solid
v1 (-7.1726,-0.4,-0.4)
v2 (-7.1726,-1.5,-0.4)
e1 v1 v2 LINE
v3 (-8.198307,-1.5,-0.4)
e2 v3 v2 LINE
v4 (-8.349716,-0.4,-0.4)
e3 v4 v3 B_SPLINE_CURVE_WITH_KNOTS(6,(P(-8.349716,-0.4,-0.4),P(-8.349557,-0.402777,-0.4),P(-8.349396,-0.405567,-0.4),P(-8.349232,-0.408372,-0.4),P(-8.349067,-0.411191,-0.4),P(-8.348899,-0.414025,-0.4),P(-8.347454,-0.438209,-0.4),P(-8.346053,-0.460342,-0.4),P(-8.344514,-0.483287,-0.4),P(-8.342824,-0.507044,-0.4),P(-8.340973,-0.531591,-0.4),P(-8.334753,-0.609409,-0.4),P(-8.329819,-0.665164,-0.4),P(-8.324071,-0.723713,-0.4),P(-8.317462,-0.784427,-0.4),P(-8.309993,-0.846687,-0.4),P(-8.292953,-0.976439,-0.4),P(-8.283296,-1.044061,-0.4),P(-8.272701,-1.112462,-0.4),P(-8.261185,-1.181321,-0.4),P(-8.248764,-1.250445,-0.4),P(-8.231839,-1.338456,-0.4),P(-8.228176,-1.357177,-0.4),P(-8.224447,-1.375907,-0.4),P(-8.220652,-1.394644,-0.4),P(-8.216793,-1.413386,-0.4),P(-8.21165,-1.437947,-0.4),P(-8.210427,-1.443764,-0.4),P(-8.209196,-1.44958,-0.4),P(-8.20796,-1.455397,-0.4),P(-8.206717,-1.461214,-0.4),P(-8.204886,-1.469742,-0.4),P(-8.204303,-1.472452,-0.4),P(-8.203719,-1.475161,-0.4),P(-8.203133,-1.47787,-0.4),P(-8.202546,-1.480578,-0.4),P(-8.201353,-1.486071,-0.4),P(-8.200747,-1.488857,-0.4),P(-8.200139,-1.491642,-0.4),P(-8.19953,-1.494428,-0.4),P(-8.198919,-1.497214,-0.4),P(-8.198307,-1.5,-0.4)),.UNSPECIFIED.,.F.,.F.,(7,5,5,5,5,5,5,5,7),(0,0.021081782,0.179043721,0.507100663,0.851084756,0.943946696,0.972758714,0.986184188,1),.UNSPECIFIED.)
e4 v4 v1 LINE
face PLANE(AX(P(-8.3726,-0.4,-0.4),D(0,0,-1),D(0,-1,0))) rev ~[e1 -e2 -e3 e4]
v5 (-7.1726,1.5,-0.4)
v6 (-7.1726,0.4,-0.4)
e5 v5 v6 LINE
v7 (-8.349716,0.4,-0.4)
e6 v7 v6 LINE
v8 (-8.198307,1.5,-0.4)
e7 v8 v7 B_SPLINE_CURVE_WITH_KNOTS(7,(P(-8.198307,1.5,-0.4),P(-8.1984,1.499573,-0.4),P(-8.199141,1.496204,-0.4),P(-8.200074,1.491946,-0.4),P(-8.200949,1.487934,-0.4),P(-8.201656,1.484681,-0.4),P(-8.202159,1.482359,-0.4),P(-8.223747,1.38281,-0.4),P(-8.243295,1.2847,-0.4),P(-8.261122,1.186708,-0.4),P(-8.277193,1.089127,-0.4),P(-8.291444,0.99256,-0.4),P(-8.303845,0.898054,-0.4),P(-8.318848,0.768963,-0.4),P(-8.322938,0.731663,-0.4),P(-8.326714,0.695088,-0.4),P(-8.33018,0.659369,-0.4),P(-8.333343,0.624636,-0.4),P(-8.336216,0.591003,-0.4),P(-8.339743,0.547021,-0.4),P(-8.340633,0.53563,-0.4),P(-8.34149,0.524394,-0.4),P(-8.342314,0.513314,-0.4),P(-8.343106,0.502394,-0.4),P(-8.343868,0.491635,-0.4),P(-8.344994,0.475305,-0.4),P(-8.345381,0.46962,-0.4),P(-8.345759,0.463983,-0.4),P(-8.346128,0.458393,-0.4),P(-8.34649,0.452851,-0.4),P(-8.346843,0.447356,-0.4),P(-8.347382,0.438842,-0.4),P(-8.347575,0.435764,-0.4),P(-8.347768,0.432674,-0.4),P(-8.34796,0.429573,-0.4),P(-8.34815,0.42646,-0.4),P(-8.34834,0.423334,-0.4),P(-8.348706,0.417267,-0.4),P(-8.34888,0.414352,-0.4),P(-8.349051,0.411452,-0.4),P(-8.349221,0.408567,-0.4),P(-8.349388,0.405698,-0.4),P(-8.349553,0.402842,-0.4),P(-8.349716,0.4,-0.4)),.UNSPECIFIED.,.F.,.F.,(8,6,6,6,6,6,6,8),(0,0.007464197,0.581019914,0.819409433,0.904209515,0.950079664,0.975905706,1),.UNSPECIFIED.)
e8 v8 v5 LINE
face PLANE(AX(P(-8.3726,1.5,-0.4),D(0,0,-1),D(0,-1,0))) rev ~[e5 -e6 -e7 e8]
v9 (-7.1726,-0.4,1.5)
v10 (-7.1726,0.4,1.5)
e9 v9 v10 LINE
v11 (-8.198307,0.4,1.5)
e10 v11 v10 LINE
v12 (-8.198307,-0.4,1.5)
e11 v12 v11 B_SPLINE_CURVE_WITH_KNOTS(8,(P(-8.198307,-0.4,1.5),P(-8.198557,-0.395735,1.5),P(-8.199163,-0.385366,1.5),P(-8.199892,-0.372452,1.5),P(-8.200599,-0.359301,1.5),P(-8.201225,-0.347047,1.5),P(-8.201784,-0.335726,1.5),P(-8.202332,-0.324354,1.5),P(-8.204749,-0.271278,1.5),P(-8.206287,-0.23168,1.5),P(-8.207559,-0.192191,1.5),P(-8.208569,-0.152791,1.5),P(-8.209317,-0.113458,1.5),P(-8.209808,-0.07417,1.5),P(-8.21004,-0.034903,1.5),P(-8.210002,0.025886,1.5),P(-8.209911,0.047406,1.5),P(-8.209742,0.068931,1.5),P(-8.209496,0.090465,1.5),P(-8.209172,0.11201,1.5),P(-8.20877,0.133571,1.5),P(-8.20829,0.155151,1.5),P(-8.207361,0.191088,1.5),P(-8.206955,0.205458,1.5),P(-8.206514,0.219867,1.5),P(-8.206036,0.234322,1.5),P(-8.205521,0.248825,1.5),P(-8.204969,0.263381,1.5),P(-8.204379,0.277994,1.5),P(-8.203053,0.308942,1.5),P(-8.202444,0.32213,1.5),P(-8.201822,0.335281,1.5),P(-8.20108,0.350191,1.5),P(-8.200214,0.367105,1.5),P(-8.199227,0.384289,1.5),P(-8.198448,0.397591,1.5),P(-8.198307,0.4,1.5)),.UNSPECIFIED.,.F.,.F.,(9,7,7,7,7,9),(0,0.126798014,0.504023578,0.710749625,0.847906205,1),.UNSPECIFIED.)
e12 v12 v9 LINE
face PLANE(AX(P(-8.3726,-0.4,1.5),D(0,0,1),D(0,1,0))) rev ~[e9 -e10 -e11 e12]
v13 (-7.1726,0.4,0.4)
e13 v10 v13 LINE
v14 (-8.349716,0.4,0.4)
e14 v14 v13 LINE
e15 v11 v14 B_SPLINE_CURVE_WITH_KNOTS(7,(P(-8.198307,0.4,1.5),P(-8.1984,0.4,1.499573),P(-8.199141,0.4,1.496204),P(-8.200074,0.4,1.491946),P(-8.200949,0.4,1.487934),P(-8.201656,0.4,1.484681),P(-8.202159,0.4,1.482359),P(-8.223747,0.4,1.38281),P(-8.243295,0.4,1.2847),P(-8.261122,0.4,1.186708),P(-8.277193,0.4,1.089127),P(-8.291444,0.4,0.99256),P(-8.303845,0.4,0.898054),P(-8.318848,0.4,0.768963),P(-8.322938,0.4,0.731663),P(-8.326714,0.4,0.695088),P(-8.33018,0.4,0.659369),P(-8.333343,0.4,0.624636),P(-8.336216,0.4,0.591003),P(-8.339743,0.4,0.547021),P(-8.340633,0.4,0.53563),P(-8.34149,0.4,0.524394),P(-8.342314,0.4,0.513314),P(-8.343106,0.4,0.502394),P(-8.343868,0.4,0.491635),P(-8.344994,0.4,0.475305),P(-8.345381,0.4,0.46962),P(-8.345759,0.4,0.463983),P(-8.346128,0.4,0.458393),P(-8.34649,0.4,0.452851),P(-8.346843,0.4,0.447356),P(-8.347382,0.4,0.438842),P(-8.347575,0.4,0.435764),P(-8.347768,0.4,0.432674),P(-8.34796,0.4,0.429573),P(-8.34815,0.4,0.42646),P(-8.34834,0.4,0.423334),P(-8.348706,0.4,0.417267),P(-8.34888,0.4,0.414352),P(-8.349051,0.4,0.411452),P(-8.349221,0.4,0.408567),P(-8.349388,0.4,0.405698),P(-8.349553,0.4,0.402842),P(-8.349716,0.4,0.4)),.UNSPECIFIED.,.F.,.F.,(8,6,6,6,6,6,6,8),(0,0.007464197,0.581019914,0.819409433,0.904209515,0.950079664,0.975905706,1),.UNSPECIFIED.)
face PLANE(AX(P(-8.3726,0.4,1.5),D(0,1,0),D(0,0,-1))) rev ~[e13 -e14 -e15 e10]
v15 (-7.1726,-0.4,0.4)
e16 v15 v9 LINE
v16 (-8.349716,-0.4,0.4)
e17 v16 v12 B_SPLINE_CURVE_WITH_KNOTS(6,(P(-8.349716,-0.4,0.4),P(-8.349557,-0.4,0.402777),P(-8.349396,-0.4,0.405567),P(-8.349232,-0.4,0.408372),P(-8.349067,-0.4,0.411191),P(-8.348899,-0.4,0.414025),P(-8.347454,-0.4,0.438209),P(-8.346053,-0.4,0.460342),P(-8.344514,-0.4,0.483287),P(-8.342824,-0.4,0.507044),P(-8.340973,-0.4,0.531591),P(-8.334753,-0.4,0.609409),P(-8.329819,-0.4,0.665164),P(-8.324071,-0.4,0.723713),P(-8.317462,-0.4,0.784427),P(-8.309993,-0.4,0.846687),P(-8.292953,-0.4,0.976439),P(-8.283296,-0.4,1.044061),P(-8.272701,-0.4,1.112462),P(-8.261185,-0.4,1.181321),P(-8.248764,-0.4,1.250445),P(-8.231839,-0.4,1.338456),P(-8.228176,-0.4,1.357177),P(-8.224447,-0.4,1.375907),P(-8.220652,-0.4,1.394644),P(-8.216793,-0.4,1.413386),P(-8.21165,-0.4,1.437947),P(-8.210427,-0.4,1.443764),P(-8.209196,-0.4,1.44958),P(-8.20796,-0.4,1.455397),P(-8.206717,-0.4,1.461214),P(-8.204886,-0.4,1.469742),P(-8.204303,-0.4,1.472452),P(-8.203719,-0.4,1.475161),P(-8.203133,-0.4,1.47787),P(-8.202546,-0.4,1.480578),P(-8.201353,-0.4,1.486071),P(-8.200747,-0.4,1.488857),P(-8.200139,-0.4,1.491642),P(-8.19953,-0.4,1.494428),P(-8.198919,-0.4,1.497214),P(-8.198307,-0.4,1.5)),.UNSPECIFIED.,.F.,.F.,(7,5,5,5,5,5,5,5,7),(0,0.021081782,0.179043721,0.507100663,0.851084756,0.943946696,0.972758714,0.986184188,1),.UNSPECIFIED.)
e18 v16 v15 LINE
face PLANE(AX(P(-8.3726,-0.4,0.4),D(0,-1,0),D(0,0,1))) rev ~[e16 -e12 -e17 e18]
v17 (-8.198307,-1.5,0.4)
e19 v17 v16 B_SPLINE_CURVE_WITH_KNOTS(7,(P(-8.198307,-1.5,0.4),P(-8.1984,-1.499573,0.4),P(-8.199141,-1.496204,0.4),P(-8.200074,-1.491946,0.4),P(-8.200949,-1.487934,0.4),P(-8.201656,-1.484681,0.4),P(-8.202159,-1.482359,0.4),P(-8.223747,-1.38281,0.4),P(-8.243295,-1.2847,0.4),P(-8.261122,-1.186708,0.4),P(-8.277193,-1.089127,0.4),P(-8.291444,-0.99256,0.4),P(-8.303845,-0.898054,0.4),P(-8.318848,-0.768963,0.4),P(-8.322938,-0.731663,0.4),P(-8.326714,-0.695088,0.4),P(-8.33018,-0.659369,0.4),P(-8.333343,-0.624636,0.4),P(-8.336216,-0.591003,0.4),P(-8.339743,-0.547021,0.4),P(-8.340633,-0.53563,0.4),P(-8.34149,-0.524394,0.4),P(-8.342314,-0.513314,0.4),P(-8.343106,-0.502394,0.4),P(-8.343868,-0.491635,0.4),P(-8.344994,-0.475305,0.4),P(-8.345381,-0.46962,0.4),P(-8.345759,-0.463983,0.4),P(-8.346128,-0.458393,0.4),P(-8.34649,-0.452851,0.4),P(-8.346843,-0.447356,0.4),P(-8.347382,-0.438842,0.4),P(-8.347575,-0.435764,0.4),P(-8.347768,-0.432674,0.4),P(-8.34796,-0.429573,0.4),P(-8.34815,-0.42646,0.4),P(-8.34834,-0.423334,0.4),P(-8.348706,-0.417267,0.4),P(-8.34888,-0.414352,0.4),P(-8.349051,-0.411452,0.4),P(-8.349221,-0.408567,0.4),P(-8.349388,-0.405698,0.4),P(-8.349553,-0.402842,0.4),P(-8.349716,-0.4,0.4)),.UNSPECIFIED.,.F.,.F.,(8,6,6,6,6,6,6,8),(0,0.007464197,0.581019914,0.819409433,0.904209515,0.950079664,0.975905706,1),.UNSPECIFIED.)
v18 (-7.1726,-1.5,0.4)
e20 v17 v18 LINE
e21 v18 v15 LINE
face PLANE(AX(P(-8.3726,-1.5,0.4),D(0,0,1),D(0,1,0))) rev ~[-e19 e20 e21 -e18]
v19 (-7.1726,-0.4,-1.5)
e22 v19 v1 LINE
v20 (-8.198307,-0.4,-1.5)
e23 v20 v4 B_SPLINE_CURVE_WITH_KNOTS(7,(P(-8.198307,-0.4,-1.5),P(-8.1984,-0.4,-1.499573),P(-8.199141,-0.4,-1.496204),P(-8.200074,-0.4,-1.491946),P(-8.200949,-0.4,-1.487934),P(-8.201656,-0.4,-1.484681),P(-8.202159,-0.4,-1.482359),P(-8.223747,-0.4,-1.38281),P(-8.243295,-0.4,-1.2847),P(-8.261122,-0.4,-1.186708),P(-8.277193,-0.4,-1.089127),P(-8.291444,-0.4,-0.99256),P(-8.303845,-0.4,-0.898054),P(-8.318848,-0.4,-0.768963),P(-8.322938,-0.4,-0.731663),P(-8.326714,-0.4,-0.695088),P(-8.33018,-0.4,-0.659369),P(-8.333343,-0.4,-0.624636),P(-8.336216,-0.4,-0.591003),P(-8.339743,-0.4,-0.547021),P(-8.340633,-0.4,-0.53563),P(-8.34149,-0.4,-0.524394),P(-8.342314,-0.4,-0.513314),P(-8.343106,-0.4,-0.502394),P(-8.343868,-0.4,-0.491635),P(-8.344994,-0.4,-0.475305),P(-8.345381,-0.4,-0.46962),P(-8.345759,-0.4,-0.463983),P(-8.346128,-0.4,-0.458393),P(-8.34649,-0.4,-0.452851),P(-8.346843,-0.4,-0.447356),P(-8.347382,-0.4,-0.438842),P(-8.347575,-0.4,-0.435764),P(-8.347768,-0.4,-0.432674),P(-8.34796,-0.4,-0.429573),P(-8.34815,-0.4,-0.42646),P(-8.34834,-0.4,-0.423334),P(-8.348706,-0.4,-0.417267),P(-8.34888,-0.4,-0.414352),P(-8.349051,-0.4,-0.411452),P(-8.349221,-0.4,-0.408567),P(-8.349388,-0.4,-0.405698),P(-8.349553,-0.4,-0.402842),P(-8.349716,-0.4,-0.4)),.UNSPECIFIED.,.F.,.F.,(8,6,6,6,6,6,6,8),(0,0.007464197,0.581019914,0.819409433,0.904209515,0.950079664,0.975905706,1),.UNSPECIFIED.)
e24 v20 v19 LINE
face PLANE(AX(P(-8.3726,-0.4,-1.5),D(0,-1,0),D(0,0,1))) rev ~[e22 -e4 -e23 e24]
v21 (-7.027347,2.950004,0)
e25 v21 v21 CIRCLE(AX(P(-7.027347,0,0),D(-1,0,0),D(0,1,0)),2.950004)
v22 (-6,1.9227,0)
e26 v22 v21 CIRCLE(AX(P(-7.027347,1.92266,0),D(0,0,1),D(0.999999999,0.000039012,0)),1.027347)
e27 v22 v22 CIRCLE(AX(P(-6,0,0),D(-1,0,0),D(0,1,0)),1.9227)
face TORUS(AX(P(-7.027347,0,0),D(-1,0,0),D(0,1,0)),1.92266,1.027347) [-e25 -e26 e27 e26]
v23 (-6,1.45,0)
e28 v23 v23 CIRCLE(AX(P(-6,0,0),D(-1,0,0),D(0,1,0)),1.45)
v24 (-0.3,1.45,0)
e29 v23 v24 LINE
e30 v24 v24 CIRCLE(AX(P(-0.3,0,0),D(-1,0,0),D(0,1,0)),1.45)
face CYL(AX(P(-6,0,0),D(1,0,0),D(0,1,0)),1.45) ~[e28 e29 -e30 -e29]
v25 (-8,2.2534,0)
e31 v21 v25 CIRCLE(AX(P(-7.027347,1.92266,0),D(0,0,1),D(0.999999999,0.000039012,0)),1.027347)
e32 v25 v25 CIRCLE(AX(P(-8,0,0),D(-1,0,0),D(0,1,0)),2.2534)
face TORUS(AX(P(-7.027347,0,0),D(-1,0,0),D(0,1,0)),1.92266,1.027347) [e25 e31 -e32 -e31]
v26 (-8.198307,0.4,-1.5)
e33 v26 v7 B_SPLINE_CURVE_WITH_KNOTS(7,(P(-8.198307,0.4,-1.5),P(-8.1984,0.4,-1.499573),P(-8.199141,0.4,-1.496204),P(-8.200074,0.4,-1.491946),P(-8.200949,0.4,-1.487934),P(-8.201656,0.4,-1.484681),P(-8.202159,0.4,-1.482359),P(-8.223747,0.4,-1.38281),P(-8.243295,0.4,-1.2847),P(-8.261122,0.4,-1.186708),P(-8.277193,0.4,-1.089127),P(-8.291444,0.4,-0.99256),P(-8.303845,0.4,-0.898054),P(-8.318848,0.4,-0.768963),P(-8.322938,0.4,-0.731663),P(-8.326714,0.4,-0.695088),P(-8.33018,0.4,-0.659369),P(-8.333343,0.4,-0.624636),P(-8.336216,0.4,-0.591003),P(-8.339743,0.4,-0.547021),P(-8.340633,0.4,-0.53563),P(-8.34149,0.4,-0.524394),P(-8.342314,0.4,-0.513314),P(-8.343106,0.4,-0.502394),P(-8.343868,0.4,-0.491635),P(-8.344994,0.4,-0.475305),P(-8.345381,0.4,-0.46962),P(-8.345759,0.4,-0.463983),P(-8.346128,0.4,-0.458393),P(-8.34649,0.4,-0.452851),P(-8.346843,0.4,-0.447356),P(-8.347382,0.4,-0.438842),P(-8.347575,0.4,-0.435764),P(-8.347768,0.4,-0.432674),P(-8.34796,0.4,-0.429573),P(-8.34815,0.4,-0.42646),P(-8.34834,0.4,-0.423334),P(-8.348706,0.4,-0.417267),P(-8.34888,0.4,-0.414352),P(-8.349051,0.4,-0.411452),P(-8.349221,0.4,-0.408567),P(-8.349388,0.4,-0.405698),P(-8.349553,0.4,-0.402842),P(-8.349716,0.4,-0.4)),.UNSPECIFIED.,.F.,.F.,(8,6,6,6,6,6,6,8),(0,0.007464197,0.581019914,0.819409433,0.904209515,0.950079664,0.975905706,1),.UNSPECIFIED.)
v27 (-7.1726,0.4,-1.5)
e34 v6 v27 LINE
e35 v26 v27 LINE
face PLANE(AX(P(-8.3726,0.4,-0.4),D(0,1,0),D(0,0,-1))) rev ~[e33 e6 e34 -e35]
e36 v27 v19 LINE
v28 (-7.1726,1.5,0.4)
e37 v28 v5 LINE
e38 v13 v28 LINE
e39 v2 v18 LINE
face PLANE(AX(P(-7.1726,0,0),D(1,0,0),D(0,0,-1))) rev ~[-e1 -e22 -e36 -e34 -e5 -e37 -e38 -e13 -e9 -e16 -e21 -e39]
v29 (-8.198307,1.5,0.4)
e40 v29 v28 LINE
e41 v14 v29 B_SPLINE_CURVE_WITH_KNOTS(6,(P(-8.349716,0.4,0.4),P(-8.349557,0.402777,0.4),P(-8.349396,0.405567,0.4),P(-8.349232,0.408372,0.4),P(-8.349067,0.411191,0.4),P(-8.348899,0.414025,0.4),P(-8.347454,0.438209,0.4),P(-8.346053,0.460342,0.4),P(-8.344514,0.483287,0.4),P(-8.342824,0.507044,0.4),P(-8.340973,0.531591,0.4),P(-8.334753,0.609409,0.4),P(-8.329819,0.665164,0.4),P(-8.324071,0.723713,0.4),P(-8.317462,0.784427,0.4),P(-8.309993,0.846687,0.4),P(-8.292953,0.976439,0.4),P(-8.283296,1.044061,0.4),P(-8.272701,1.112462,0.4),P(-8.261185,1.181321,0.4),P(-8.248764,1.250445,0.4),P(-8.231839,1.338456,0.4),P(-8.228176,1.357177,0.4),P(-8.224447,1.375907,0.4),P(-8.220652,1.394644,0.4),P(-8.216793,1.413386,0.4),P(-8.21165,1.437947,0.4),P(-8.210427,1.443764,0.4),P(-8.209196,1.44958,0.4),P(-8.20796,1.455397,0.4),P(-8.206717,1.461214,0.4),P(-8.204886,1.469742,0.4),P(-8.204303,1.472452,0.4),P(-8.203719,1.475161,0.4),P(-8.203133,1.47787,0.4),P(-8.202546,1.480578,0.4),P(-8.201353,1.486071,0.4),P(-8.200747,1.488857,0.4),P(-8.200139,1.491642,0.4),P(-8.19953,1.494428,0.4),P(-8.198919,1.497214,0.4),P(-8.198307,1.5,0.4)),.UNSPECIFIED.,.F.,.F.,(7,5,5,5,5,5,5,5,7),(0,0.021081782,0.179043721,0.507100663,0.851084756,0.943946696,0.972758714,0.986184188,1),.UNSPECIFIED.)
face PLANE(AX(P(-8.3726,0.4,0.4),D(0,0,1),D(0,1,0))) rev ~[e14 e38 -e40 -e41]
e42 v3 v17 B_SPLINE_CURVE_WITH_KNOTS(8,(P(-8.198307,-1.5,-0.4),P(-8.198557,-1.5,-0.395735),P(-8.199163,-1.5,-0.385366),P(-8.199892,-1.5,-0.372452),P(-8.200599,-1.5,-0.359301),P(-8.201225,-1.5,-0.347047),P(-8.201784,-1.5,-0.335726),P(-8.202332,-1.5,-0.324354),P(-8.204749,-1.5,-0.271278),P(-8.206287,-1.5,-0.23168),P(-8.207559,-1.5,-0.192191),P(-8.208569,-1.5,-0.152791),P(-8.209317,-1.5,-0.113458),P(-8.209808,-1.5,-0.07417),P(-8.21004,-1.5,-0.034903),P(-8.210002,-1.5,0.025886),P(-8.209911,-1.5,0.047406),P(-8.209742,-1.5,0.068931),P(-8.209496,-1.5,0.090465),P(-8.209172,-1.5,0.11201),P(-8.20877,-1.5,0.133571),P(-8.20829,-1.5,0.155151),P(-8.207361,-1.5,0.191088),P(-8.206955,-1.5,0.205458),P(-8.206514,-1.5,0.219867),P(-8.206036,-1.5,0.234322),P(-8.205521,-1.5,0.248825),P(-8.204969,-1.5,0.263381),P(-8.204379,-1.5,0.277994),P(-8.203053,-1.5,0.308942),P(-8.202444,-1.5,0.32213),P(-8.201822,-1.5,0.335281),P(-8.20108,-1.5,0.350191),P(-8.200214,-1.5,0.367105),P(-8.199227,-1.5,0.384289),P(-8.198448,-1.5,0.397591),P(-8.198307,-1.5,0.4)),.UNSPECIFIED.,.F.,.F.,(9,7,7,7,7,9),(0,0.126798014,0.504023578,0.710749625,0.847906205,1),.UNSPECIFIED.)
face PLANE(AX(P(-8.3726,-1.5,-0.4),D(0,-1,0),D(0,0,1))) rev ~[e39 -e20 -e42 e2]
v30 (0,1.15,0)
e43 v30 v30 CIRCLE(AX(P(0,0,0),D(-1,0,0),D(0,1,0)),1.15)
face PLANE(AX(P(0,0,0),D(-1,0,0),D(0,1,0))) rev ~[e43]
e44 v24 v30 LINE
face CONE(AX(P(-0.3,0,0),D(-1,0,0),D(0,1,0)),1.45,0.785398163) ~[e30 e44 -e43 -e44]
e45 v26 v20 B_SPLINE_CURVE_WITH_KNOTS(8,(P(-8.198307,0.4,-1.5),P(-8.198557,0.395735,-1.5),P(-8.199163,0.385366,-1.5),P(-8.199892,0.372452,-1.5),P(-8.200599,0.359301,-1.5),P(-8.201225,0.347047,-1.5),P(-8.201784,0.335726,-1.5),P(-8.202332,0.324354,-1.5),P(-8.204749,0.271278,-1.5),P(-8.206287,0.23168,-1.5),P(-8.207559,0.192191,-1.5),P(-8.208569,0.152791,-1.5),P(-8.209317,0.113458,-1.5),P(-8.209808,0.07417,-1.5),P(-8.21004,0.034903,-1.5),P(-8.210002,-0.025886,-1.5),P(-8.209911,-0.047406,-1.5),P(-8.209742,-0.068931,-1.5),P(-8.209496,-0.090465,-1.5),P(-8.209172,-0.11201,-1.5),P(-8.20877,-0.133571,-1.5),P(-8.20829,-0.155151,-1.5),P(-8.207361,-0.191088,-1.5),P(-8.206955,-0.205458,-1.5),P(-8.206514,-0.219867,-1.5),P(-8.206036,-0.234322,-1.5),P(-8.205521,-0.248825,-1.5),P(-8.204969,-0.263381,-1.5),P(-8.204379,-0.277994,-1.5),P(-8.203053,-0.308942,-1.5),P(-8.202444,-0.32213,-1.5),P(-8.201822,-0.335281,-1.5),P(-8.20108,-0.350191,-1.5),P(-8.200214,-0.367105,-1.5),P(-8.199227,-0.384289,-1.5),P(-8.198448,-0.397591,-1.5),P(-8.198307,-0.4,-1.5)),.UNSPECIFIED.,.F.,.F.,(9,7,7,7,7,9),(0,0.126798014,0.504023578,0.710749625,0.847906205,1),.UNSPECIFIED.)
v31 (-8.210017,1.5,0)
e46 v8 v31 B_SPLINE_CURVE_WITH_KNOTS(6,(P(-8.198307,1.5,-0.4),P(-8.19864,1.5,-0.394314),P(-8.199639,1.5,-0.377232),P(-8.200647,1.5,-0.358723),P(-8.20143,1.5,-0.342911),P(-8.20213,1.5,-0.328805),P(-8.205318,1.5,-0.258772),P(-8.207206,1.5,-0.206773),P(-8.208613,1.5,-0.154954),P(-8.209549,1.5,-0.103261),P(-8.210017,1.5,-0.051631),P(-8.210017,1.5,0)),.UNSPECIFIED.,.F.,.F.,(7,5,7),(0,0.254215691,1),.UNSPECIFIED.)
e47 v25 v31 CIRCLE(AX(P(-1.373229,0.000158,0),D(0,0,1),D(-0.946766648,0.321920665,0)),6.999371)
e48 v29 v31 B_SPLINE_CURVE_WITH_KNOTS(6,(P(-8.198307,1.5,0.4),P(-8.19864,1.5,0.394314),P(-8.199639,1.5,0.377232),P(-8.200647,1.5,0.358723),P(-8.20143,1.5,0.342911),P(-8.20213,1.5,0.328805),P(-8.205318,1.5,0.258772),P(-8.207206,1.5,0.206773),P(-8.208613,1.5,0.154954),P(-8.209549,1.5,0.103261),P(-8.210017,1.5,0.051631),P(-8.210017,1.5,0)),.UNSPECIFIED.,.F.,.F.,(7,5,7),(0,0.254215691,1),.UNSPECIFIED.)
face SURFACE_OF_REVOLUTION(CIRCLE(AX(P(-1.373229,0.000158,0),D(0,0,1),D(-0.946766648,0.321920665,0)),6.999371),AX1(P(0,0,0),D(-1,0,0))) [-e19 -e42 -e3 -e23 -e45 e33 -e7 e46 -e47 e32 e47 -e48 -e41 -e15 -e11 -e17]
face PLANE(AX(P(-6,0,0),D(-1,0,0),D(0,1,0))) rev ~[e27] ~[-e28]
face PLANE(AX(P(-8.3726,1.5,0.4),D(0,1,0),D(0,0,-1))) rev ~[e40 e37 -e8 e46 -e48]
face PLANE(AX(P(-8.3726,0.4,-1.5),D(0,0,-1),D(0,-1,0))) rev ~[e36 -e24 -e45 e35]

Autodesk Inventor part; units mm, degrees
ref_plane "YZ Plane" through (0, 0, 0) normal (1, 0, 0) x (0, 1, 0)
ref_plane "XZ Plane" through (0, 0, 0) normal (0, 1, 0) x (-1, 0, 0)
sketch "Эскиз1" plane through (0, 0, 0) normal (0, 0, 1) x (1, 0, 0)
  line L0 (0, 0) -> (-8.3726, 0)
  arc A0 (-6, 1.9227) -> (-8, 2.2534) centre (-7.0273, 1.9227) ccw
  line L1 (-6, 1.9227) -> (-6, 1.45)
  line L2 (-6, 1.45) -> (0, 1.45)
  line L3 (0, 1.45) -> (0, 0)
  line L4 (-8.6724, 2.95) -> (-6.1128, 2.95)
  arc A1 (-8, 2.2534) -> (-8.3726, 0) centre (-1.3726, 0) ccw
  dimension "d0" = 2.9
  dimension "d1" = 5.9
  dimension "d2" = 2
  dimension "d3" = 6
  dimension "d4" = 7
revolve "Вращение1" add sketch "Эскиз1" angle 360 about axis through (0, 0, 0) along (-1, 0, 0)
chamfer "Фаска1" distance 0.3 angle 45 1 edges at (0, -1.45, 0)
ref_plane "РабПлоскость2" through (-8.3726, 0, 0) normal (1, 0, 0) x (0, 0, -1)
sketch "Эскиз2" plane through (-8.3726, 0, 0) normal (1, 0, 0) x (0, 0, -1)
  line L0 (-0.4, 1.5) -> (0.4, 1.5)
  line L1 (0.4, 1.5) -> (0.4, -1.5)
  line L2 (0.4, -1.5) -> (-0.4, -1.5)
  line L3 (-0.4, -1.5) -> (-0.4, 1.5)
  line L4 (-1.5, 0.4) -> (1.5, 0.4)
  line L5 (1.5, 0.4) -> (1.5, -0.4)
  line L6 (1.5, -0.4) -> (-1.5, -0.4)
  line L7 (-1.5, -0.4) -> (-1.5, 0.4)
  point P0 (0, 0)
  point P1 (0, 1.5)
  point P2 (0, 0.4)
  point P3 (-1.5, 0)
  point P4 (-0.4, 0)
  point P5 (0.4, 0.4)
  point P6 (-0.4, 0.4)
  point P7 (-0.4, -0.4)
  point P8 (0.4, -0.4)
  dimension "d10" = 0.8
  dimension "d11" = 3
extrude "Выдавливание1" cut sketch "Эскиз2" along normal blind 1.2
properties part number "Винт М3х19"
